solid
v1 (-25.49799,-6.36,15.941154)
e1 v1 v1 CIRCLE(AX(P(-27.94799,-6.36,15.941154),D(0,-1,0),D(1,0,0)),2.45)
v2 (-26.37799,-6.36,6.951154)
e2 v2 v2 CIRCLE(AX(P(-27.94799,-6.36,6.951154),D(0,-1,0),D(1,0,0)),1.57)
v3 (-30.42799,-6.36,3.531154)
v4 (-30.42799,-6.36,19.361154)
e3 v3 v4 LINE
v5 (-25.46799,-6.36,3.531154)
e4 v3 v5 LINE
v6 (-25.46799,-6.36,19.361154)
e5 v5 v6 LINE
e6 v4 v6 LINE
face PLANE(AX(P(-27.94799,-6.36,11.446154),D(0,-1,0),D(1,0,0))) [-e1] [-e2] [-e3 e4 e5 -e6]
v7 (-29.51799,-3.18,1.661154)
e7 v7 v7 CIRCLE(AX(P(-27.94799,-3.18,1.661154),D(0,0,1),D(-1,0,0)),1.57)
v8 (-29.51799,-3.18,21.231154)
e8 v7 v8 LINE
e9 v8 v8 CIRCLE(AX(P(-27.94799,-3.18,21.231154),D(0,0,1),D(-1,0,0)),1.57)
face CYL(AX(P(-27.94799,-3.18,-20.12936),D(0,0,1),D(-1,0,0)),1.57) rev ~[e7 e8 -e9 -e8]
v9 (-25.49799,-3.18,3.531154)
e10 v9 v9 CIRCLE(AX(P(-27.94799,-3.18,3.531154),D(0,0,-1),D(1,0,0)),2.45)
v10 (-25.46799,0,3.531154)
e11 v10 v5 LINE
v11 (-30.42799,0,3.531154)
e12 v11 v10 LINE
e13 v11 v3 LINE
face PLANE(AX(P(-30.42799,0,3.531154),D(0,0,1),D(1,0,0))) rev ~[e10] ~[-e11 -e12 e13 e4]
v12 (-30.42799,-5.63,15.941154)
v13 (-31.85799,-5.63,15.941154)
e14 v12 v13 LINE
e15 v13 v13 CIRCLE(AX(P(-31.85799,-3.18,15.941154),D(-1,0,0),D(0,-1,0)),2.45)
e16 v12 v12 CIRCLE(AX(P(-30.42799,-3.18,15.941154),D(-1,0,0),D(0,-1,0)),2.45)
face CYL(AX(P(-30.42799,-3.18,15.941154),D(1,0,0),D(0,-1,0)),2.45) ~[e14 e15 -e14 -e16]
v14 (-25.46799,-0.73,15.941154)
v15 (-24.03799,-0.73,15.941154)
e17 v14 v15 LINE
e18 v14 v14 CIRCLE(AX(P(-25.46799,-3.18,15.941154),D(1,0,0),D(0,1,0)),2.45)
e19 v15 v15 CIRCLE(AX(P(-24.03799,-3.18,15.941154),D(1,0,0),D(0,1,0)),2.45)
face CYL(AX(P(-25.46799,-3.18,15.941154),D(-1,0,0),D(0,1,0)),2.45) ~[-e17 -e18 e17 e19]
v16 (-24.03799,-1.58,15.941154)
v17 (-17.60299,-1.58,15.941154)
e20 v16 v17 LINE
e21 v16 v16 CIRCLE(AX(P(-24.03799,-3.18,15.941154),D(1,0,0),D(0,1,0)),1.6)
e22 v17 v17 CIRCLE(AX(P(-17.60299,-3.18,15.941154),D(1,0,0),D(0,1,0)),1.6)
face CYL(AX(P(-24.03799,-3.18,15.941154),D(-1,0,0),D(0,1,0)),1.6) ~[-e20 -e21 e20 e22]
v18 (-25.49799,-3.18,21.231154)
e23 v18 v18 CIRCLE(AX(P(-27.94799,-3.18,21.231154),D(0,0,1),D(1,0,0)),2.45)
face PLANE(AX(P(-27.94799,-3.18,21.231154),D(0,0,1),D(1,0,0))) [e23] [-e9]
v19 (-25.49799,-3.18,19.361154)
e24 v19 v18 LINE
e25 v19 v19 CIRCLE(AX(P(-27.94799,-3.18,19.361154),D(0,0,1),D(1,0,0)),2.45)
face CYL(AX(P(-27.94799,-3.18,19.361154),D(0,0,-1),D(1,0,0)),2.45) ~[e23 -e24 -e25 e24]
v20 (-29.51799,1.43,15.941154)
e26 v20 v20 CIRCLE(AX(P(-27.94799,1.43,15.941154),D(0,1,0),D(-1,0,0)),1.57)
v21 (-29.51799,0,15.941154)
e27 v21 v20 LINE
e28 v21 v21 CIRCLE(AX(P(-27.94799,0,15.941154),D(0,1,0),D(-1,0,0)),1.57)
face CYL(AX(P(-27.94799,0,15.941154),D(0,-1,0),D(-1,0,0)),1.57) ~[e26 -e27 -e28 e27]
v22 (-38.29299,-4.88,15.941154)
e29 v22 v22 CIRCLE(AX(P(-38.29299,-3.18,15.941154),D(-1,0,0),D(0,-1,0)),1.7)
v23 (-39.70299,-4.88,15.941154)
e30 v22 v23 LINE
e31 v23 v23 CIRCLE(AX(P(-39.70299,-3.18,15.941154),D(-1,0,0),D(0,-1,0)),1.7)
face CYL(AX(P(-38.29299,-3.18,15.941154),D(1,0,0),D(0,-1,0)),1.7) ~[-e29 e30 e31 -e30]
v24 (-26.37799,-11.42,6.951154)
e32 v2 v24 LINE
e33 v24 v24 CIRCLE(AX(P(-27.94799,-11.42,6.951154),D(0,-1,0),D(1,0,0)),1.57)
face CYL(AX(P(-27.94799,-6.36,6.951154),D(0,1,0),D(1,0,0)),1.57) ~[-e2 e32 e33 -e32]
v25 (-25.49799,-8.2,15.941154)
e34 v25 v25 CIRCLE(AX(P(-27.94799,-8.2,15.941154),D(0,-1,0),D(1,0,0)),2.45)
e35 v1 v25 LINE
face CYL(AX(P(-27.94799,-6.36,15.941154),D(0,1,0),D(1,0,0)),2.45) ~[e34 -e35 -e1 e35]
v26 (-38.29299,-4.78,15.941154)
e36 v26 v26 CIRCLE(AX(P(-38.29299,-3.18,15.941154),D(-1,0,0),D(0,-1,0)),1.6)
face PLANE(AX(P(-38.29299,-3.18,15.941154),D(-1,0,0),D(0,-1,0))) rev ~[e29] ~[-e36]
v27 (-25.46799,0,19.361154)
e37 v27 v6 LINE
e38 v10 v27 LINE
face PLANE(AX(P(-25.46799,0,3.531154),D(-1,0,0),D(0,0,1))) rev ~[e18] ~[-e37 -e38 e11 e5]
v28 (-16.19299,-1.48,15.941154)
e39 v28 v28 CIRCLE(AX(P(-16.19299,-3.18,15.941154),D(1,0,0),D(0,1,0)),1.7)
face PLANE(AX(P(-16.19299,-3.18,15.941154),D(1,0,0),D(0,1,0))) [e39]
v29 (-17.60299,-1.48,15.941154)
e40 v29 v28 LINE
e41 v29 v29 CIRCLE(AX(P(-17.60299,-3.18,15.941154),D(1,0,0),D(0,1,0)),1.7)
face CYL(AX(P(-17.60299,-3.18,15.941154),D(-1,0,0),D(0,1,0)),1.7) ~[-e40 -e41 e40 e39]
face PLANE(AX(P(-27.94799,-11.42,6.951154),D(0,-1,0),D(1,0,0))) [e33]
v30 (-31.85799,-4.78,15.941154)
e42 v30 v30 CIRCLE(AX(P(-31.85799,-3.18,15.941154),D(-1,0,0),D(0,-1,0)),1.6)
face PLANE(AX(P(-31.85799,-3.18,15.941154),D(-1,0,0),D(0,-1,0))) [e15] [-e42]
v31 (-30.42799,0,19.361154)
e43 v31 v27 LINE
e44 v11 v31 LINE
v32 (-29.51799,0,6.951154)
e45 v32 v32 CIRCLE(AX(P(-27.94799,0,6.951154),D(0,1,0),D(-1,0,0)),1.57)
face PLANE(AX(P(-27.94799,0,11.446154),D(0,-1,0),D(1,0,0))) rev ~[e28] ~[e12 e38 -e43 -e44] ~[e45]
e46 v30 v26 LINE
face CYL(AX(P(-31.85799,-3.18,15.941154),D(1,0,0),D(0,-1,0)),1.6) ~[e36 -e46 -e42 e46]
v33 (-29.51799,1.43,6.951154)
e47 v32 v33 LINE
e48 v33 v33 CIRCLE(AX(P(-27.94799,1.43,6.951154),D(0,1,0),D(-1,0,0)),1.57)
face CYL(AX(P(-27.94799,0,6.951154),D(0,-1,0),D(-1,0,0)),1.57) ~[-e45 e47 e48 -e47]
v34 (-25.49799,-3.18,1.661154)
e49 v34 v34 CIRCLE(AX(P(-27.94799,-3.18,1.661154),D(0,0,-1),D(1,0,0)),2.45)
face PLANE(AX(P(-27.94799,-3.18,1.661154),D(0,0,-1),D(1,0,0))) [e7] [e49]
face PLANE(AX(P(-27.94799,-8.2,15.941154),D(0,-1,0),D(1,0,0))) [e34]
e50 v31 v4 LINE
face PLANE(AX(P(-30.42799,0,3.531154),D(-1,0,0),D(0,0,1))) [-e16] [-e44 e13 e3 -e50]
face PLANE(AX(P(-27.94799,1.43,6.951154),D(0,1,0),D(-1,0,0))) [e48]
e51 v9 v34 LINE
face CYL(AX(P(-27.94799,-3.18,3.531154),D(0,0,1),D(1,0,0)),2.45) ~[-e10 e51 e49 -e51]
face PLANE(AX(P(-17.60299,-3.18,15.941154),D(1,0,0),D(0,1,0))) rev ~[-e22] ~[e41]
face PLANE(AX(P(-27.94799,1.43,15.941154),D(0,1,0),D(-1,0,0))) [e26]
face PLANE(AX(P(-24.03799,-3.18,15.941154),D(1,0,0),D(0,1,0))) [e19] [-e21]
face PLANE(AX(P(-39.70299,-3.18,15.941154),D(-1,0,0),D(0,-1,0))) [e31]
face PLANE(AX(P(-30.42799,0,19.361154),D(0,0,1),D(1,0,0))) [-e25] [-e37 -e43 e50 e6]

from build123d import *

# Parameters (mm, degrees)
F0_W      = 4.96
F0_H      = 15.83
F1_DEPTH  = 6.36
F2_R      = 2.45
F3_DEPTH  = 1.84
F4_R      = 2.45
F5_DEPTH  = 1.87
F6_R      = 2.45
F7_DEPTH  = 1.87
F9_D      = 3.14
F10_R     = 2.45
F11_DEPTH = 1.43
F12_R     = 2.45
F13_DEPTH = 1.43
F14_R     = 1.57
F15_DEPTH = 5.06
F16_R     = 1.57
F17_DEPTH = 1.43
F18_R     = 1.6
F19_DEPTH = 6.435
F20_R     = 1.7
F21_DEPTH = 1.41
F22_R     = 1.6
F23_DEPTH = 6.435
F24_R     = 1.7
F25_DEPTH = 1.41


with BuildPart() as f1:
    # F0 (on Front) → F1 (new body)
    with BuildSketch(Plane.XZ):
        with Locations((-27.94799, 11.446154)):
            Rectangle(F0_W, F0_H)
    extrude(amount=F1_DEPTH)

    # F2 (on face) → F3 (join)
    with BuildSketch(Plane.XZ.offset(6.36)):
        with Locations((-27.94799, 15.941154)):
            Circle(F2_R)
    extrude(amount=F3_DEPTH)

    # F4 (on face) → F5 (join)
    with BuildSketch(Plane.XY.offset(19.361154)):
        with Locations((-27.94799, -3.18)):
            Circle(F4_R)
    extrude(amount=F5_DEPTH)

    # F6 (on face) → F7 (join)
    with BuildSketch(Plane(origin=(0, 0, 3.531154), x_dir=(1, 0, 0), z_dir=(0, 0, -1))):
        with Locations((-27.94799, 3.18)):
            Circle(F6_R)
    extrude(amount=F7_DEPTH)

    # F9 (through all)
    with Locations(Plane(origin=(0, 0, 1.661154), x_dir=(1, 0, 0), z_dir=(0, 0, -1))):
        with Locations((-27.94799, 3.18)):
            Hole(F9_D / 2)

    # F10 (on face) → F11 (join)
    with BuildSketch(Plane.YZ.offset(-25.46799)):
        with Locations((-3.18, 15.941154)):
            Circle(F10_R)
    extrude(amount=F11_DEPTH)

    # F12 (on face) → F13 (join)
    with BuildSketch(Plane(origin=(-30.42799, 0, 0), x_dir=(0, -1, 0), z_dir=(-1, 0, 0))):
        with Locations((3.18, 15.941154)):
            Circle(F12_R)
    extrude(amount=F13_DEPTH)

    # F14 (on face) → F15 (join)
    with BuildSketch(Plane.XZ.offset(6.36)):
        with Locations((-27.94799, 6.951154)):
            Circle(F14_R)
    extrude(amount=F15_DEPTH)

    # F16 (on face) → F17 (join)
    with BuildSketch(Plane(origin=(0, 0, 0), x_dir=(-1, 0, 0), z_dir=(0, 1, 0))):
        with Locations((27.94799, 15.941154)):
            Circle(F16_R)
        with Locations((27.94799, 6.951154)):
            Circle(F16_R)
    extrude(amount=F17_DEPTH)

    # F18 (on face) → F19 (join)
    with BuildSketch(Plane(origin=(-31.85799, 0, 0), x_dir=(0, -1, 0), z_dir=(-1, 0, 0))):
        with Locations((3.18, 15.941154)):
            Circle(F18_R)
    extrude(amount=F19_DEPTH)

    # F20 (on face) → F21 (join)
    with BuildSketch(Plane(origin=(-38.29299, 0, 0), x_dir=(0, -1, 0), z_dir=(-1, 0, 0))):
        with Locations((3.18, 15.941154)):
            Circle(F20_R)
    extrude(amount=F21_DEPTH)

    # F22 (on face) → F23 (join)
    with BuildSketch(Plane.YZ.offset(-24.03799)):
        with Locations((-3.18, 15.941154)):
            Circle(F22_R)
    extrude(amount=F23_DEPTH)

    # F24 (on face) → F25 (join)
    with BuildSketch(Plane.YZ.offset(-17.60299)):
        with Locations((-3.18, 15.941154)):
            Circle(F24_R)
    extrude(amount=F25_DEPTH)


solid = f1.part
